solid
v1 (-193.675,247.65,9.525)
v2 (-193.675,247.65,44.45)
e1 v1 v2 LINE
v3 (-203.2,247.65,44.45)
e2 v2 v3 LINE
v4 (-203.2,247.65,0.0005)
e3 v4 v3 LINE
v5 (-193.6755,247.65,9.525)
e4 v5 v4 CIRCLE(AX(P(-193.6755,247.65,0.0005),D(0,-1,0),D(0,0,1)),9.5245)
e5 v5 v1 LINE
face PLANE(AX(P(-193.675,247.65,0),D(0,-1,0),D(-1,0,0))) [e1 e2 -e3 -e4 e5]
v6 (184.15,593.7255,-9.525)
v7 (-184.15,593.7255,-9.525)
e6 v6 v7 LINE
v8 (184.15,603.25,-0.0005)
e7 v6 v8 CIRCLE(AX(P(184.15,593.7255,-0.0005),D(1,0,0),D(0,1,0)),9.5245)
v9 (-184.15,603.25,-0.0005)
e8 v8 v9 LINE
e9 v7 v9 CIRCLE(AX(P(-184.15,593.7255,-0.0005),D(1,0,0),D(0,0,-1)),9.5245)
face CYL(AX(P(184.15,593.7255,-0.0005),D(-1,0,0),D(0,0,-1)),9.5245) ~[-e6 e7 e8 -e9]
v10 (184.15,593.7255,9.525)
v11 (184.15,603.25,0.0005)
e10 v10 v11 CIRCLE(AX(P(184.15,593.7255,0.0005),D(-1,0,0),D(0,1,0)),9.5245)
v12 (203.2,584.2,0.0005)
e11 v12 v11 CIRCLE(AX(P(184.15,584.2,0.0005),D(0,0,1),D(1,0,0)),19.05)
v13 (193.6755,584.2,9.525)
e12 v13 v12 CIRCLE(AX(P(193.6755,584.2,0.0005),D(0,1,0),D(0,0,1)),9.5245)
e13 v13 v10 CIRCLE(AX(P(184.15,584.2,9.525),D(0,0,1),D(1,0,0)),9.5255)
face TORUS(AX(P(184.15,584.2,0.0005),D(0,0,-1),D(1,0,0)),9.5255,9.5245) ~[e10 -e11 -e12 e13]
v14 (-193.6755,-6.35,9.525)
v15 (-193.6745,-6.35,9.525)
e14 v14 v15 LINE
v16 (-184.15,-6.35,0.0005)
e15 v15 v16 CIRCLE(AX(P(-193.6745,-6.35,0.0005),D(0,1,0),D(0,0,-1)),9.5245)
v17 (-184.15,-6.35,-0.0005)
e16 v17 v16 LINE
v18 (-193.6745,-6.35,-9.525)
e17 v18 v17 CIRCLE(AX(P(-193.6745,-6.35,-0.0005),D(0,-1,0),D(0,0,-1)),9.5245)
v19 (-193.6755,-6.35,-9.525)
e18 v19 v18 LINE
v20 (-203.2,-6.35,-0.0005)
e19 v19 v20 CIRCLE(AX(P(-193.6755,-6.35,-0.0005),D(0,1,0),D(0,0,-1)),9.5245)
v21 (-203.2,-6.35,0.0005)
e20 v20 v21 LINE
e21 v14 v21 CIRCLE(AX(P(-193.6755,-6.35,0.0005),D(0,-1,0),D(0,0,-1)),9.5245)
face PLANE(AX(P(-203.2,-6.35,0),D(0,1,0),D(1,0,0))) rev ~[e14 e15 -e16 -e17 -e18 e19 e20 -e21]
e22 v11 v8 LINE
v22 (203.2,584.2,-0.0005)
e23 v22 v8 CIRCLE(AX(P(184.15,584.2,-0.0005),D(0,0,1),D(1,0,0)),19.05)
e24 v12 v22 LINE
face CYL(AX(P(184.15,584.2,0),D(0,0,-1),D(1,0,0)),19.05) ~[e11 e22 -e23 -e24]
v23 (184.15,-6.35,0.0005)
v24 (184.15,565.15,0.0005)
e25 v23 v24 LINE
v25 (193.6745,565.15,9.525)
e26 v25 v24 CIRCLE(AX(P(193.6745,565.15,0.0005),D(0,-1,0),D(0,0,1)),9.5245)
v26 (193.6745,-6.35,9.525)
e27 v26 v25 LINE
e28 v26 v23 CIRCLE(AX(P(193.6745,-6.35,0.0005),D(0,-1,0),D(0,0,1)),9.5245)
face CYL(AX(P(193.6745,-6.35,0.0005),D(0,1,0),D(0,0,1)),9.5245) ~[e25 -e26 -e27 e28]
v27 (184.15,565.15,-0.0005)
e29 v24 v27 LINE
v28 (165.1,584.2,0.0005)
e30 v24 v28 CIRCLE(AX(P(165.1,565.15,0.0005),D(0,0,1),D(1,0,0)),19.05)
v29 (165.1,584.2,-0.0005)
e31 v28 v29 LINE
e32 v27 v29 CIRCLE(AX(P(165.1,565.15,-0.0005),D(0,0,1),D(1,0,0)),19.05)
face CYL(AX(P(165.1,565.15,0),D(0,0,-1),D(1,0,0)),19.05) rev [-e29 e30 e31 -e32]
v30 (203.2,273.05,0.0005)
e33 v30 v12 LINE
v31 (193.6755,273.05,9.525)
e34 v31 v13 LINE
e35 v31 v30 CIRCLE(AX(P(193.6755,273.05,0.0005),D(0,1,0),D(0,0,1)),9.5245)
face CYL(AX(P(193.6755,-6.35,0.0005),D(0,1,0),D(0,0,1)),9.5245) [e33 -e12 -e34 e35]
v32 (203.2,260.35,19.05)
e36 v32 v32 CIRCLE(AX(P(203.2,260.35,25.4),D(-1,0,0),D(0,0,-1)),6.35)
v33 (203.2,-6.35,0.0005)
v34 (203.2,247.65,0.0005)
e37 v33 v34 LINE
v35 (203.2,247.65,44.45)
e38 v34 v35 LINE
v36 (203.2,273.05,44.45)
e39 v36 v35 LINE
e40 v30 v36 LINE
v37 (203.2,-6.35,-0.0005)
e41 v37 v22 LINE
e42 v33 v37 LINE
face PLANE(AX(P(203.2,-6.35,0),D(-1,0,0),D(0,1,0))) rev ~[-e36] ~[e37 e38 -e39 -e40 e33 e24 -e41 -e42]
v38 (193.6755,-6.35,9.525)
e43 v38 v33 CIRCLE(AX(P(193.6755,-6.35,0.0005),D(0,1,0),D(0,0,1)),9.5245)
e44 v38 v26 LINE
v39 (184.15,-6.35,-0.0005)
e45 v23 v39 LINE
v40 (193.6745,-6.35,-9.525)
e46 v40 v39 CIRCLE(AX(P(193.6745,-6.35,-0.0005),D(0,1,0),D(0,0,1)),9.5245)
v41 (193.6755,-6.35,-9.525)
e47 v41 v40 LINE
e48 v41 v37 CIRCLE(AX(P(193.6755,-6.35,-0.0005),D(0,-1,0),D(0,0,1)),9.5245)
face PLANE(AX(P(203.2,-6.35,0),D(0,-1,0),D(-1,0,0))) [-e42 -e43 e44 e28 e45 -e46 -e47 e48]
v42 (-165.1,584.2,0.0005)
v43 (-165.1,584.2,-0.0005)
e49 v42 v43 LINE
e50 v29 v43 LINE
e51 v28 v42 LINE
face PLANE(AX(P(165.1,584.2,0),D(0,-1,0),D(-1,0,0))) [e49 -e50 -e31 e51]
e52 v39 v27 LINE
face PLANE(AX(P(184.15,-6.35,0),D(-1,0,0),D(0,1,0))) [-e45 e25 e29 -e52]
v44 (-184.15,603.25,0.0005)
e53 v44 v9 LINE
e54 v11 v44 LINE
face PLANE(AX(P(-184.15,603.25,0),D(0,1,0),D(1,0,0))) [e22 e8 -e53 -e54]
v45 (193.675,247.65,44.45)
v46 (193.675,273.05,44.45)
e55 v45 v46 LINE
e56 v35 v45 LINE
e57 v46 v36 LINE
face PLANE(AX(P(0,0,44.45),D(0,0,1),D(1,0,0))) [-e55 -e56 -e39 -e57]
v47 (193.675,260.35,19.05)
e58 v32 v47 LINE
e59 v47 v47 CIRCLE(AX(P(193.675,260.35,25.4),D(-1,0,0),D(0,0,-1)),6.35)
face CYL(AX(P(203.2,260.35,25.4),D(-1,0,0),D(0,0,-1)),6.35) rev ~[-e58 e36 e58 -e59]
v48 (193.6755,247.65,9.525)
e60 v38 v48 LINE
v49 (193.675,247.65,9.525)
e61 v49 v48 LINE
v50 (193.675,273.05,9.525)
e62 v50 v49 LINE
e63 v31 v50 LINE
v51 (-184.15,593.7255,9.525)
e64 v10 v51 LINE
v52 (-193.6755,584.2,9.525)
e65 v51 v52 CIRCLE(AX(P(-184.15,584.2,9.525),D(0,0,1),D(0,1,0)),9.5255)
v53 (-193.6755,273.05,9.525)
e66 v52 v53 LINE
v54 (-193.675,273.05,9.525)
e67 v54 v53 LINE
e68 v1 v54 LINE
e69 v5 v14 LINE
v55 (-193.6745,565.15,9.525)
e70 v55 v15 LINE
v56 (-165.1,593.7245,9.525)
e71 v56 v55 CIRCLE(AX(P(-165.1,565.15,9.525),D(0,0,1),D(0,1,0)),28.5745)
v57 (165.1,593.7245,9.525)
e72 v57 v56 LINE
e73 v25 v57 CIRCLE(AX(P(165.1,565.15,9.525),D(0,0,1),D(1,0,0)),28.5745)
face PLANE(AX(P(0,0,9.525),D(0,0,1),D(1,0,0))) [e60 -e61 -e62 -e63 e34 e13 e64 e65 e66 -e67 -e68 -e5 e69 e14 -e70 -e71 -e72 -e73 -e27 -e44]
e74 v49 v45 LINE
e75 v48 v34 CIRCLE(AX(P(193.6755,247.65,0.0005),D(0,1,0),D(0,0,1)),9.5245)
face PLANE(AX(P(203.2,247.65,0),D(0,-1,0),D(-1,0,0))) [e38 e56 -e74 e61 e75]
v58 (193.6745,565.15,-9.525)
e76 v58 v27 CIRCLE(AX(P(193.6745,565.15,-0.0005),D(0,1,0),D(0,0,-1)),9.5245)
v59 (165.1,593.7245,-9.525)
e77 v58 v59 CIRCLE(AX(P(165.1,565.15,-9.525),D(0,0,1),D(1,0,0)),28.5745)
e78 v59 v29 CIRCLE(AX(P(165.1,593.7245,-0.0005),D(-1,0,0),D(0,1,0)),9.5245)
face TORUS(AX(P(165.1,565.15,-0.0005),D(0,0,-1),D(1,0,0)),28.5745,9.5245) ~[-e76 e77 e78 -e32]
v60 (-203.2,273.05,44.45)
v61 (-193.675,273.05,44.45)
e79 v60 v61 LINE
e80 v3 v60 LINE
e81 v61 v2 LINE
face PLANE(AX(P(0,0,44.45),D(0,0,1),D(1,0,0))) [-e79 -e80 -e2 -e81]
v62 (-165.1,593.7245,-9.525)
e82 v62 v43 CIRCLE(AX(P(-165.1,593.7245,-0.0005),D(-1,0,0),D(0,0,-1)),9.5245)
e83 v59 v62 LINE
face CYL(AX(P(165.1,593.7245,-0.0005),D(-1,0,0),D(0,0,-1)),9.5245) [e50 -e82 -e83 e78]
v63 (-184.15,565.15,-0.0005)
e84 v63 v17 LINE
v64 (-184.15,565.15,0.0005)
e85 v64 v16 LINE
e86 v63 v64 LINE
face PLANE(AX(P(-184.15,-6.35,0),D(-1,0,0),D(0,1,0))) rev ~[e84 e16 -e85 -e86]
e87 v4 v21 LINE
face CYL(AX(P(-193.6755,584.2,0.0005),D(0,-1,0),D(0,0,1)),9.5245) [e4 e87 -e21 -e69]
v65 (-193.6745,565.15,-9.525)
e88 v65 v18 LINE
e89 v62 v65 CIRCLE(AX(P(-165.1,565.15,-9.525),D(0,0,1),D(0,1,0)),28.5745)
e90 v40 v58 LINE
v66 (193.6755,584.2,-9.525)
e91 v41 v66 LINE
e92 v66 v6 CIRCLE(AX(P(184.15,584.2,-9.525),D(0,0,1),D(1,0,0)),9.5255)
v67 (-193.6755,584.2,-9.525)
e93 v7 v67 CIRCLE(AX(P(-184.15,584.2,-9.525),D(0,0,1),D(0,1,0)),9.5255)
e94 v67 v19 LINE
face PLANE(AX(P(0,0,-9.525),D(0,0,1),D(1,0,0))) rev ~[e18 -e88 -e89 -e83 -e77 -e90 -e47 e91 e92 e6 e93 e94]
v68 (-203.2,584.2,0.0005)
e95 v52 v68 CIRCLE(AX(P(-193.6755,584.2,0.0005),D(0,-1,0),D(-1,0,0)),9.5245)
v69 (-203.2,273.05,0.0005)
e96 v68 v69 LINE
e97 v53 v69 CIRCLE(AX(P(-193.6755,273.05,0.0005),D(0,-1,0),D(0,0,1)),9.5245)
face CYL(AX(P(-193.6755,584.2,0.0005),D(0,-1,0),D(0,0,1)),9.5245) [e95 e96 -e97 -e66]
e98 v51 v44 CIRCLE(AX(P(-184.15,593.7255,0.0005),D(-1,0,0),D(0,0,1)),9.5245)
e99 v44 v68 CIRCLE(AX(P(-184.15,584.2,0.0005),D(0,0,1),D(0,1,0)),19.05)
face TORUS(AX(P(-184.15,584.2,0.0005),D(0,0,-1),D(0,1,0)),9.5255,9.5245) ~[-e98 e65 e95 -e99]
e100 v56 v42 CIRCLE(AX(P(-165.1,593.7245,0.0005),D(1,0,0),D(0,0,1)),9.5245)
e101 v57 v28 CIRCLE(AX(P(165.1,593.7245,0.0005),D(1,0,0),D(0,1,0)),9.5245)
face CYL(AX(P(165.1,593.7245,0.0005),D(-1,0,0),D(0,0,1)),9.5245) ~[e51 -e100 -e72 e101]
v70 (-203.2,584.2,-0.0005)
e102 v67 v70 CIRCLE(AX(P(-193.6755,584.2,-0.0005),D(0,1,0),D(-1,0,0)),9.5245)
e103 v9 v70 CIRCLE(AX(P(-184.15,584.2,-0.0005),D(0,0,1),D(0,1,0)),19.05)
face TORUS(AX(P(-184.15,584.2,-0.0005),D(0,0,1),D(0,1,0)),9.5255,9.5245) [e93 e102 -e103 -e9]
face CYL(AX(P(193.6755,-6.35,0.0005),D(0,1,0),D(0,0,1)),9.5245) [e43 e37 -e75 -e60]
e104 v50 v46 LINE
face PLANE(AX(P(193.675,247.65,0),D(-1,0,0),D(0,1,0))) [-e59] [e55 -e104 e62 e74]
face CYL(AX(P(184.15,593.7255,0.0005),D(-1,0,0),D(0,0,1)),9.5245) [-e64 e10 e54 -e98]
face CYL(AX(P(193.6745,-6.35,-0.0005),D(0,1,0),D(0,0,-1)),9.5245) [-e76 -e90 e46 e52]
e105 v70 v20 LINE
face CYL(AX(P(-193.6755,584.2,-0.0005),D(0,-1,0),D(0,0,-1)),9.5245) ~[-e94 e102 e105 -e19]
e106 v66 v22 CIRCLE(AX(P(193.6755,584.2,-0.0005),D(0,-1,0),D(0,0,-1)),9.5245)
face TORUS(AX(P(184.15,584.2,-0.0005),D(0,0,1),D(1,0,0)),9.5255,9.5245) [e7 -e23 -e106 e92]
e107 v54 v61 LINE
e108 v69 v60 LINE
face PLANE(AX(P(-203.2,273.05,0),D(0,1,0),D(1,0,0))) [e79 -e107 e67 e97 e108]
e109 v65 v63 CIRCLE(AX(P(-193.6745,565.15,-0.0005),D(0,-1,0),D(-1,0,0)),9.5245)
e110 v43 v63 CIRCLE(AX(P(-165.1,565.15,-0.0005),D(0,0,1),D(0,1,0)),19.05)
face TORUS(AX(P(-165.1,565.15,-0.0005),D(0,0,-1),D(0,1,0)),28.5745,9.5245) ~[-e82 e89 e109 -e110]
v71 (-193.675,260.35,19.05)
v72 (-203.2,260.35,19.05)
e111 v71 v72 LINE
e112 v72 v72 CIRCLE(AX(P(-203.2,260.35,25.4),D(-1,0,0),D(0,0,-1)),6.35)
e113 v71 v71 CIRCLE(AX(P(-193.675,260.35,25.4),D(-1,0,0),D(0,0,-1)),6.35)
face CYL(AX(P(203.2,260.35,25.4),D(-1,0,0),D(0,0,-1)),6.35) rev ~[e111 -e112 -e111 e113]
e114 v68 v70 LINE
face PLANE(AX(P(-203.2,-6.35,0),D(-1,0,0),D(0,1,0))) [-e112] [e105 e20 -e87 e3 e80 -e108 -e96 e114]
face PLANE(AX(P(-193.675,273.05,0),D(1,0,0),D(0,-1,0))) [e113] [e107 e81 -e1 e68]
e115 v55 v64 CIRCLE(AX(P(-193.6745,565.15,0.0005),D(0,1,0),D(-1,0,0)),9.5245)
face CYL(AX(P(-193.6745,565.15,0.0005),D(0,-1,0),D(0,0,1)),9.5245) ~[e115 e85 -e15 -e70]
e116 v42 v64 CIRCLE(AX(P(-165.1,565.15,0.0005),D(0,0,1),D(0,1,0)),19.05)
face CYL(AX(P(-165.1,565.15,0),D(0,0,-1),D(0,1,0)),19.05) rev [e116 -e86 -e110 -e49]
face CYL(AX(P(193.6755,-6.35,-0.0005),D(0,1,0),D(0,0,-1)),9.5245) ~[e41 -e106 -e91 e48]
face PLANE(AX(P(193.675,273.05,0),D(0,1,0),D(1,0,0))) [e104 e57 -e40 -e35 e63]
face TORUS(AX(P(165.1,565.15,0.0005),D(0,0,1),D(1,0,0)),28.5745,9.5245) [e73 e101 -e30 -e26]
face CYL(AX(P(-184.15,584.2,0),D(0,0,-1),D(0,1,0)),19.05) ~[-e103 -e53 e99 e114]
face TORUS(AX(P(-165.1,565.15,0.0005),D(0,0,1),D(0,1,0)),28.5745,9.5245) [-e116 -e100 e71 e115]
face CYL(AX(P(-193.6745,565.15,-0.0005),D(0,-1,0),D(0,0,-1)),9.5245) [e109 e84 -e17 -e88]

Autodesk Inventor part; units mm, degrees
ref_plane "YZ Plane" through (0, 0, 0) normal (1, 0, 0) x (0, 1, 0)
ref_plane "XZ Plane" through (0, 0, 0) normal (0, 1, 0) x (-1, 0, 0)
ref_plane "XY Plane" through (0, 0, 0) normal (0, 0, 1) x (1, 0, 0)
sketch "Sketch1" plane through (0, 0, 0) normal (0, 0, 1) x (1, 0, 0)
  line L0 (-203.2, -6.35) -> (-203.2, 584.2)
  arc A0 (-184.15, 603.25) -> (-203.2, 584.2) centre (-184.15, 584.2) ccw
  line L1 (-184.15, -6.35) -> (-184.15, 565.15)
  arc A1 (-165.1, 584.2) -> (-184.15, 565.15) centre (-165.1, 565.15) ccw
  line L2 (-203.2, -6.35) -> (-184.15, -6.35)
  line L3 (203.2, -6.35) -> (203.2, 584.2)
  arc A2 (203.2, 584.2) -> (184.15, 603.25) centre (184.15, 584.2) ccw
  line L4 (184.15, -6.35) -> (184.15, 565.15)
  arc A3 (184.15, 565.15) -> (165.1, 584.2) centre (165.1, 565.15) ccw
  line L5 (203.2, -6.35) -> (184.15, -6.35)
  line L6 (165.1, 584.2) -> (-165.1, 584.2)
  line L7 (-184.15, 603.25) -> (184.15, 603.25)
  point P0 (0, 0)
  dimension "d7" = 406.4
  dimension "d31" = 609.6
  dimension "d32" = 609.6
  dimension "d33" = 19.05
extrude "Extrusion1" add sketch "Sketch1" along normal mid plane 19.05
fillet "Fillet1" radius 9.525 20 edges at (178.5704, 578.6204, 9.525) (0, 584.2, 9.525) (-178.5704, 578.6204, 9.525) (-184.15, 279.4, 9.525) (184.15, 279.4, 9.525) (197.6204, 597.6704, 9.525) (0, 603.25, 9.525) (-197.6204, 597.6704, 9.525) (-203.2, 288.925, 9.525) (203.2, 288.925, 9.525) (197.6204, 597.6704, -9.525) (0, 603.25, -9.525) (-197.6204, 597.6704, -9.525) (-203.2, 288.925, -9.525) (203.2, 288.925, -9.525) (178.5704, 578.6204, -9.525) (0, 584.2, -9.525) (-178.5704, 578.6204, -9.525) (-184.15, 279.4, -9.525) (184.15, 279.4, -9.525)
sketch "Sketch2" plane through (0, 0, 0) normal (0, 0, 1) x (1, 0, 0)
  line L0 (203.2, 584.2) -> (203.2, -6.35) projected
  line L1 (203.2, 247.65) -> (193.675, 247.65)
  line L2 (193.675, 247.65) -> (193.675, 273.05)
  line L3 (193.675, 273.05) -> (203.2, 273.05)
  line L4 (203.2, 273.05) -> (203.2, 247.65)
  line L5 (203.2, -6.35) -> (184.15, -6.35) projected
  line L6 (-203.2, -6.35) -> (-203.2, 584.2) projected
  line L7 (-203.2, 273.05) -> (-193.675, 273.05)
  line L8 (-193.675, 273.05) -> (-193.675, 247.65)
  line L9 (-193.675, 247.65) -> (-203.2, 247.65)
  line L10 (-203.2, 247.65) -> (-203.2, 273.05)
  line L11 (-184.15, -6.35) -> (-203.2, -6.35) projected
  point P0 (0, 0)
  dimension "d13" = 254
  dimension "d14" = 25.4
  dimension "d15" = 9.525
  dimension "d16" = 25.4
  dimension "d17" = 254
  dimension "d34" = 387.35
extrude "Extrusion2" add sketch "Sketch2" along normal blind 44.45
sketch "Sketch3" plane through (203.2, 247.65, 0) normal (1, 0, 0) x (0, 0, -1)
  line L0 (0, 25.4) -> (-44.45, 25.4) projected
  line L1 (-44.45, 0) -> (-44.45, 25.4) projected
  point P0 (0, -247.65)
  point P1 (-25.4, 12.7)
  dimension "d20" = 12.7
  dimension "d21" = 19.05
hole "Hole1" at (203.2, 260.35, 25.4) direction (-1, 0, 0) diameter 12.7 end through all
properties part number "support"
